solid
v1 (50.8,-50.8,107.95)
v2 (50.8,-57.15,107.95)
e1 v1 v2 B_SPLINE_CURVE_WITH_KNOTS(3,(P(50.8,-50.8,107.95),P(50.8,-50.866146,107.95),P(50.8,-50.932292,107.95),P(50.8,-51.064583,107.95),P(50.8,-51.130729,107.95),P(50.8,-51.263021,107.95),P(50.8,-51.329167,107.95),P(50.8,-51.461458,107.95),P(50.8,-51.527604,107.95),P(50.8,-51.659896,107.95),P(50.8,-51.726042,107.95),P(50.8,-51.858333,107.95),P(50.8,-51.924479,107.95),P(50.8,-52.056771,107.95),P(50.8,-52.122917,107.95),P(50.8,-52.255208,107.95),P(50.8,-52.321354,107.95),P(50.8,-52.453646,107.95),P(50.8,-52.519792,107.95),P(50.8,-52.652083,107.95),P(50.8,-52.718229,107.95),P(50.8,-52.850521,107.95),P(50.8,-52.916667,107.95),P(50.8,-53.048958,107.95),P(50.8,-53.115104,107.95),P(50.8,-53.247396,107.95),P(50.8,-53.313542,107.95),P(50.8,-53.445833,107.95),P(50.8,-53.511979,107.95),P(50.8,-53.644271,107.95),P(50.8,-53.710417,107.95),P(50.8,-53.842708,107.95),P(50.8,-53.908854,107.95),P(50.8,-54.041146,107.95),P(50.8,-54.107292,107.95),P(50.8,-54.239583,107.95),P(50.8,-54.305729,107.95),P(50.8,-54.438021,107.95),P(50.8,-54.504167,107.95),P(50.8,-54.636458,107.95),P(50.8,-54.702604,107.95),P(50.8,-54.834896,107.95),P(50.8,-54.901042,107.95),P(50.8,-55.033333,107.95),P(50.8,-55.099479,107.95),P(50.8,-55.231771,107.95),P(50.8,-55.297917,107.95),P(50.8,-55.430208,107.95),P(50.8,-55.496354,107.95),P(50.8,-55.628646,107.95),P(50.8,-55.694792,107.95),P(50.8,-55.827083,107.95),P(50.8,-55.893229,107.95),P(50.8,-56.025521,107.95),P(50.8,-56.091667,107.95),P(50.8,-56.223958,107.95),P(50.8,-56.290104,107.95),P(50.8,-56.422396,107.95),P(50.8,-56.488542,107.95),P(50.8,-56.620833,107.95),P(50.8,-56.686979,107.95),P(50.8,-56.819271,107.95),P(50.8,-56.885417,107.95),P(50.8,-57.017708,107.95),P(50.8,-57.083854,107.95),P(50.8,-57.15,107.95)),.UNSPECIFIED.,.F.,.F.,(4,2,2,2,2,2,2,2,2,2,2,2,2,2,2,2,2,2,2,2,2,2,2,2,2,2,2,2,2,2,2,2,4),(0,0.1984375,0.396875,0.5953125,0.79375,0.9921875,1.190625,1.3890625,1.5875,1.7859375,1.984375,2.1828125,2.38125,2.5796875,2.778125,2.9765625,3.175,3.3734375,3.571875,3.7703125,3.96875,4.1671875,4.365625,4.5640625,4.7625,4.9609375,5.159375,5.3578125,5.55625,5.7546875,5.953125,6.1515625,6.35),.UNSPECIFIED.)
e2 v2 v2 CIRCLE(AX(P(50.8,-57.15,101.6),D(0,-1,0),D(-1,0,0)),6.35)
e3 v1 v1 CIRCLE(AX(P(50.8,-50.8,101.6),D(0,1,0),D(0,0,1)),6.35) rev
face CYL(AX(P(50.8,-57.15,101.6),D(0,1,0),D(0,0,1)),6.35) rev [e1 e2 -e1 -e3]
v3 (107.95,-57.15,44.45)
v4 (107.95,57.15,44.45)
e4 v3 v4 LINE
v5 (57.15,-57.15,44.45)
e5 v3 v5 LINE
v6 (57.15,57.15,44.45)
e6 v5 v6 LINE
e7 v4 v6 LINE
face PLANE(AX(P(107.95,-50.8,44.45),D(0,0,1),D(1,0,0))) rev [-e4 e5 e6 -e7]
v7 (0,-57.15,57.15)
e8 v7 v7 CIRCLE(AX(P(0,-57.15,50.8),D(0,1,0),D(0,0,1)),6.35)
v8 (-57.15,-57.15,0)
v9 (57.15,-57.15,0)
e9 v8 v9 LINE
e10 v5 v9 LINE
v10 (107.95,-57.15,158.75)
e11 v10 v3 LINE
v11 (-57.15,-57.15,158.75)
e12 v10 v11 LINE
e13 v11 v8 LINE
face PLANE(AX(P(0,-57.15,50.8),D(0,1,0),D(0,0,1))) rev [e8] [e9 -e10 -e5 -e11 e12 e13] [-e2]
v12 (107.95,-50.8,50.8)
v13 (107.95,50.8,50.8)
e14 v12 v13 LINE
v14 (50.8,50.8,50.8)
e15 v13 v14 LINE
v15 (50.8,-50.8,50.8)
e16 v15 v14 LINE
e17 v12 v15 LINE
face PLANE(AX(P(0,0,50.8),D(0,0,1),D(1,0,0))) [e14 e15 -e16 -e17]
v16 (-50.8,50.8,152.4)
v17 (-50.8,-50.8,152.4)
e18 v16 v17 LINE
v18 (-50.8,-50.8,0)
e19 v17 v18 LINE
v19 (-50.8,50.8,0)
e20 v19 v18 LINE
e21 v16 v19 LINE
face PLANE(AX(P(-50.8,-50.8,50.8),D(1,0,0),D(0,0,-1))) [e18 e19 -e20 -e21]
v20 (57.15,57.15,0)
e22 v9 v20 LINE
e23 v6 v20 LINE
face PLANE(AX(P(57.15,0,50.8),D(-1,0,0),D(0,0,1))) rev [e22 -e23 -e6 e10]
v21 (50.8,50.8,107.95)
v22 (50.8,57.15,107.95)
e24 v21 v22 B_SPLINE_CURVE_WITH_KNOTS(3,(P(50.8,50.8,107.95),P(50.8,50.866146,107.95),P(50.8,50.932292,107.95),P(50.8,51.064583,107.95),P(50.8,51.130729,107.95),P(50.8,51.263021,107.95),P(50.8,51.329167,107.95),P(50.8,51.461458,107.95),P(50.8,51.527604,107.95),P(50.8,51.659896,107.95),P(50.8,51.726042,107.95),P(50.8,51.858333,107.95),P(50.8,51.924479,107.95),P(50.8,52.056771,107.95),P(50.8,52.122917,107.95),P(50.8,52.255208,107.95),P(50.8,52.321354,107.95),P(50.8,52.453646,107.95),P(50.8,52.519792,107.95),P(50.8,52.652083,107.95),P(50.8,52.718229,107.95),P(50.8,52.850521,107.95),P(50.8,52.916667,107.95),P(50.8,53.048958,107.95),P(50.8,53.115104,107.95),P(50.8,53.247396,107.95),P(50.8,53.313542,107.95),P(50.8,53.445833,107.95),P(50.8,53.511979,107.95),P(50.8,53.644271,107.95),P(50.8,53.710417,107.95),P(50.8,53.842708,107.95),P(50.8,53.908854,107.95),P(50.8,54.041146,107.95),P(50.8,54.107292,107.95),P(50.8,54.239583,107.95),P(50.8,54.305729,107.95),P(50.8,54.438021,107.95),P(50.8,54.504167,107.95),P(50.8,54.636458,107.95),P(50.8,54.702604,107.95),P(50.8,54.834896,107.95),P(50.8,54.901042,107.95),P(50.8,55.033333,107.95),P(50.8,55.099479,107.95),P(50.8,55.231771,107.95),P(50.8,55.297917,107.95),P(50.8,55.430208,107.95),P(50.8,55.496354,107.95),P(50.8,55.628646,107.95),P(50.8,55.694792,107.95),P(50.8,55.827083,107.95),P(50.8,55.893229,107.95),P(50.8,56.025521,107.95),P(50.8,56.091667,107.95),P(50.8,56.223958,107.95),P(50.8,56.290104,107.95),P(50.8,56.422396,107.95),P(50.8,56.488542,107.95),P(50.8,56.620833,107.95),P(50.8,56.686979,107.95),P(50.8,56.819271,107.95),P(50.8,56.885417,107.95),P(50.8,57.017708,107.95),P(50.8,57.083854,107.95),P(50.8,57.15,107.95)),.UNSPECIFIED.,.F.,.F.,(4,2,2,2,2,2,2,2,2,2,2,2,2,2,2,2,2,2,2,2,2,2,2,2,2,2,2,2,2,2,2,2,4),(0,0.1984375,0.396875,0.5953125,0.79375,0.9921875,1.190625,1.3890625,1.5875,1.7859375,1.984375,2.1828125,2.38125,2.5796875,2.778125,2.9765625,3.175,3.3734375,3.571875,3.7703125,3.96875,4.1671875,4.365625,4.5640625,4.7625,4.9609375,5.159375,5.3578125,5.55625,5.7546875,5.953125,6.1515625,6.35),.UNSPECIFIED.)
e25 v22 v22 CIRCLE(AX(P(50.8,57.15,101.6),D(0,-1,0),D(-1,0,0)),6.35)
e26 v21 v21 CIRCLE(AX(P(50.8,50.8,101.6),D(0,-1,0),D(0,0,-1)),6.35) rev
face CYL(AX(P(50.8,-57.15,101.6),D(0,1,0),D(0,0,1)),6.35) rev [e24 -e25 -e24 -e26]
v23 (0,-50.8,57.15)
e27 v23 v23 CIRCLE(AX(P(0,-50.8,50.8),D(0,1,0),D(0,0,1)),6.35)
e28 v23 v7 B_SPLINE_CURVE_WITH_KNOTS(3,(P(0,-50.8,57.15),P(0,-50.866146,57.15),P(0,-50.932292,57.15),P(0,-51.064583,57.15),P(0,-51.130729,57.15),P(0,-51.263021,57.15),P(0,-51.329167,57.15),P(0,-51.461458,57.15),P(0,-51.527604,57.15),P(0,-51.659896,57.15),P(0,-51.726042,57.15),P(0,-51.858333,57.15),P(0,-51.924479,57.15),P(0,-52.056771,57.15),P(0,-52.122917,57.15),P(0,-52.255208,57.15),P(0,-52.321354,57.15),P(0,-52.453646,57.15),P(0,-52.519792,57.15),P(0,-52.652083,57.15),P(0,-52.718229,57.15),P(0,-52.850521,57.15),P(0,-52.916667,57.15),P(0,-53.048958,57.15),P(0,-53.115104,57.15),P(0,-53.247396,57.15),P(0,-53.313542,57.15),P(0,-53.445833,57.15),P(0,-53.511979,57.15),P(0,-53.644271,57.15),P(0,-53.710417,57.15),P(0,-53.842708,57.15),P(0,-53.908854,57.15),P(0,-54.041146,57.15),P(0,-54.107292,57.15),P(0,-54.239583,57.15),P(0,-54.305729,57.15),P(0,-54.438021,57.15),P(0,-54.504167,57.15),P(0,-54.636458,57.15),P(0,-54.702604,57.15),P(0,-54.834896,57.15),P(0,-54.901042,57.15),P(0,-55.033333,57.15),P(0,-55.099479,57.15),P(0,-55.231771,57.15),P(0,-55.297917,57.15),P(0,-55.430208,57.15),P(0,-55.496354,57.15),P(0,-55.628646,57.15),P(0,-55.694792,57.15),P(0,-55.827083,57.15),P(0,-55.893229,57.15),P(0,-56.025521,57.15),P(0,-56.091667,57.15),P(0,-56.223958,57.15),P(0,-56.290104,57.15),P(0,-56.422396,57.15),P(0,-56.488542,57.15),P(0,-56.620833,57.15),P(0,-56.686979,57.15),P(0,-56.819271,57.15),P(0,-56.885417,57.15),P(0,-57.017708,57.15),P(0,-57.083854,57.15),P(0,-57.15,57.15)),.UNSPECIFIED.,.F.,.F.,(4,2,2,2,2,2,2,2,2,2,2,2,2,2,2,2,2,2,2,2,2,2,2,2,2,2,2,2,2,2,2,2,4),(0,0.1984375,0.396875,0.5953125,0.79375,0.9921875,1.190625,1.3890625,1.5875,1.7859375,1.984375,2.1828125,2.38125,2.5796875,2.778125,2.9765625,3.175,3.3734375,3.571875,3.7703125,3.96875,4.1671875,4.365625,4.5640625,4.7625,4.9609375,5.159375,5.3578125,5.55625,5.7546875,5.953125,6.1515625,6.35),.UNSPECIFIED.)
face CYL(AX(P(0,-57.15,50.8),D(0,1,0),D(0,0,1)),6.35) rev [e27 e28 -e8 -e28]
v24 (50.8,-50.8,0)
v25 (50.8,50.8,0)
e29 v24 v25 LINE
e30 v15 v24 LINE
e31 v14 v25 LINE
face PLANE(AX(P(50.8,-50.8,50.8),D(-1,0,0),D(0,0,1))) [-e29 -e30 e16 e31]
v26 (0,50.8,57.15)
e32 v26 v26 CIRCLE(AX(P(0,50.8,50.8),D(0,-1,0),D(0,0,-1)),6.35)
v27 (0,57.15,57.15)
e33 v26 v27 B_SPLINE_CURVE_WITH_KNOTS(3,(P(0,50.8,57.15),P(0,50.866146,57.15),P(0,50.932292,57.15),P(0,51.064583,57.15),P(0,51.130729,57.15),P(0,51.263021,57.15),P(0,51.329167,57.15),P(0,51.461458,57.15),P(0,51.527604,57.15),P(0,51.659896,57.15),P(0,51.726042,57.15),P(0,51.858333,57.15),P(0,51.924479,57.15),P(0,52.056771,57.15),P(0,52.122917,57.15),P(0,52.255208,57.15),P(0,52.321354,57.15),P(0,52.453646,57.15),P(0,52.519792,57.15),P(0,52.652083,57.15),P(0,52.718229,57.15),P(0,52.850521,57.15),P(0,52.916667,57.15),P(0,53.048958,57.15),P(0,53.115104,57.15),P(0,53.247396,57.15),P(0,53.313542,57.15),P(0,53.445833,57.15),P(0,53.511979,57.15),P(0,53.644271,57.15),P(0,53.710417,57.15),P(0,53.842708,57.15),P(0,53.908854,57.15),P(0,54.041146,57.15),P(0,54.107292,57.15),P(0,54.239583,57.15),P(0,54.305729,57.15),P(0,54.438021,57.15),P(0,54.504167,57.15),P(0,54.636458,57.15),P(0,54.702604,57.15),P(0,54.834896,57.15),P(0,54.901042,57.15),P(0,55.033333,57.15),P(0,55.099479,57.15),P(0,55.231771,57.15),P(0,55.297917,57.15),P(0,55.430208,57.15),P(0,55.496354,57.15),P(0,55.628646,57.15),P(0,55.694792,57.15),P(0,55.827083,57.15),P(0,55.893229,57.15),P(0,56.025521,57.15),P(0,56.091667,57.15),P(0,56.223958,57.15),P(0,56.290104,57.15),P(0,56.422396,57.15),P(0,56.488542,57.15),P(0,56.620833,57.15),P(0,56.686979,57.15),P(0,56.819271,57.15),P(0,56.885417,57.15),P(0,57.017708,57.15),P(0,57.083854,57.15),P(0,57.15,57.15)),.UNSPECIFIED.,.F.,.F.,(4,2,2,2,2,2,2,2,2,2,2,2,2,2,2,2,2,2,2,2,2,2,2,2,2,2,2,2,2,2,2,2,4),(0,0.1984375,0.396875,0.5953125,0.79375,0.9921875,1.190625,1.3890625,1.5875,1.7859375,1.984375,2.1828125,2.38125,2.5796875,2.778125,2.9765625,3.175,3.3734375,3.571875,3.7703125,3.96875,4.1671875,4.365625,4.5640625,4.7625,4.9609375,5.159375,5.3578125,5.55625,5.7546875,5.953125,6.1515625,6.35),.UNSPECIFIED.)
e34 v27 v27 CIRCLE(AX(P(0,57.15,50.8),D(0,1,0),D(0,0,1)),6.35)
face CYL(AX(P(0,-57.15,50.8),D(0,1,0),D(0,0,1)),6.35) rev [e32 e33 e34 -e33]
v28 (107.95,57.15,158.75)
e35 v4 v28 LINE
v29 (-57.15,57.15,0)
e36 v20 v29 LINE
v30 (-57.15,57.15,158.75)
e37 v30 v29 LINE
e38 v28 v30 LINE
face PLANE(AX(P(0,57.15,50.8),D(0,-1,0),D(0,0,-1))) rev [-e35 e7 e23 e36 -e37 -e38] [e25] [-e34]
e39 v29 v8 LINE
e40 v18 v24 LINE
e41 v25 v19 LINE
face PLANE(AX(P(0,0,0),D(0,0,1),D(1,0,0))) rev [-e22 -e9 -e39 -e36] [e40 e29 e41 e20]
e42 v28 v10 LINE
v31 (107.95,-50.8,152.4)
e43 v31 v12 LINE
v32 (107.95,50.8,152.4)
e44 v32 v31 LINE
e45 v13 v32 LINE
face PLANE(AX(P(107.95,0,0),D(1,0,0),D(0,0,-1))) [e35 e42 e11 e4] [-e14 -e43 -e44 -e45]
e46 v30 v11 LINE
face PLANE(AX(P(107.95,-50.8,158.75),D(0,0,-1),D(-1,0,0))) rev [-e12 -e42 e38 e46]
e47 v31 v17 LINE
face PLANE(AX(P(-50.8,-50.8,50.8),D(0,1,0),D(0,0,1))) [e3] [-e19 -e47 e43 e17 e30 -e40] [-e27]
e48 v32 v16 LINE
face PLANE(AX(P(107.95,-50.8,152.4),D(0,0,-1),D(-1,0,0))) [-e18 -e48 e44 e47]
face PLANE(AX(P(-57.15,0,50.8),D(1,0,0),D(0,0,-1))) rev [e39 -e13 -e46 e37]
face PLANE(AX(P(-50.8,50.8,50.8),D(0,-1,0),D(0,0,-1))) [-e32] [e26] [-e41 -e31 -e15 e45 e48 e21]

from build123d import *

# Parameters (mm, degrees)
SKETCH1_W           = 114.3
SKETCH1_H           = 114.3
SKETCH1_W_2         = 101.6
SKETCH1_H_2         = 101.6
EXTRUDE_THIN1_DEPTH = 50.8
SKETCH3_W           = 114.3
SKETCH3_H           = 114.3
SKETCH3_W_2         = 101.6
SKETCH3_H_2         = 101.6
EXTRUDE_THIN2_DEPTH = 50.8
BOSS_EXTRUDE1_DEPTH = 114.3
BOSS_EXTRUDE2_REACH = 165.011
SKETCH5_W           = 6.35
SKETCH5_H           = 101.6
SKETCH6_R           = 6.35
CUT_EXTRUDE1_DEPTH  = 224.426173489


with BuildPart() as part:
    # Sketch1 → Extrude-Thin1 (new body)
    with BuildSketch(Plane.XY):
        Rectangle(SKETCH1_W, SKETCH1_H)
        Rectangle(SKETCH1_W_2, SKETCH1_H_2, mode=Mode.SUBTRACT)
    extrude(amount=EXTRUDE_THIN1_DEPTH)

    # Sketch3 → Extrude-Thin2 (add)
    with BuildSketch(Plane(origin=(57.15, 0, 0), x_dir=(0, 0, -1), z_dir=(1, 0, 0))):
        with Locations((-101.6, 0)):
            Rectangle(SKETCH3_W, SKETCH3_H)
        with Locations((-101.6, 0)):
            Rectangle(SKETCH3_W_2, SKETCH3_H_2, mode=Mode.SUBTRACT)
    extrude(amount=EXTRUDE_THIN2_DEPTH)

    # Sketch4 → Boss-Extrude1 (add)
    with BuildSketch(Plane.ZY.offset(-57.15)):
        Polygon((50.8, -50.8), (50.8, -57.15), (158.75, -57.15), (158.75, 57.15), (50.8, 57.15), (50.8, 50.8), (152.4, 50.8), (152.4, -50.8), align=None)
    extrude(amount=BOSS_EXTRUDE1_DEPTH)

    # Sketch5 → Boss-Extrude2 (add, up to next)
    with BuildSketch(Plane.XY.offset(50.8), mode=Mode.PRIVATE) as boss_extrude2_sk1:
        with Locations((-53.975, 0)):
            Rectangle(SKETCH5_W, SKETCH5_H)
    boss_extrude2_tool1 = extrude(boss_extrude2_sk1.sketch, amount=BOSS_EXTRUDE2_REACH, mode=Mode.PRIVATE) - part.part
    add(boss_extrude2_tool1.solids().sort_by_distance((-53.975, 0, 50.8))[0])

    # Sketch6 → Cut-Extrude1 (cut, through all)
    with BuildSketch(Plane(origin=(0, 57.15, 0), x_dir=(1, 0, 0), z_dir=(0, 1, 0))):
        with Locations(Location((0, -50.8, 0), (0, 0, 270))):
            Circle(SKETCH6_R)
    cut_extrude1 = extrude(amount=-CUT_EXTRUDE1_DEPTH, mode=Mode.SUBTRACT)

    # Mirror1: Cut-Extrude1 across plane
    add(cut_extrude1.mirror(Plane(origin=(50.8, 0, 50.8), x_dir=(-0.7071067811865477, 0, 0.7071067811865474), z_dir=(0.7071067811865476, 0, 0.7071067811865476))), mode=Mode.SUBTRACT)


solid = part.part
